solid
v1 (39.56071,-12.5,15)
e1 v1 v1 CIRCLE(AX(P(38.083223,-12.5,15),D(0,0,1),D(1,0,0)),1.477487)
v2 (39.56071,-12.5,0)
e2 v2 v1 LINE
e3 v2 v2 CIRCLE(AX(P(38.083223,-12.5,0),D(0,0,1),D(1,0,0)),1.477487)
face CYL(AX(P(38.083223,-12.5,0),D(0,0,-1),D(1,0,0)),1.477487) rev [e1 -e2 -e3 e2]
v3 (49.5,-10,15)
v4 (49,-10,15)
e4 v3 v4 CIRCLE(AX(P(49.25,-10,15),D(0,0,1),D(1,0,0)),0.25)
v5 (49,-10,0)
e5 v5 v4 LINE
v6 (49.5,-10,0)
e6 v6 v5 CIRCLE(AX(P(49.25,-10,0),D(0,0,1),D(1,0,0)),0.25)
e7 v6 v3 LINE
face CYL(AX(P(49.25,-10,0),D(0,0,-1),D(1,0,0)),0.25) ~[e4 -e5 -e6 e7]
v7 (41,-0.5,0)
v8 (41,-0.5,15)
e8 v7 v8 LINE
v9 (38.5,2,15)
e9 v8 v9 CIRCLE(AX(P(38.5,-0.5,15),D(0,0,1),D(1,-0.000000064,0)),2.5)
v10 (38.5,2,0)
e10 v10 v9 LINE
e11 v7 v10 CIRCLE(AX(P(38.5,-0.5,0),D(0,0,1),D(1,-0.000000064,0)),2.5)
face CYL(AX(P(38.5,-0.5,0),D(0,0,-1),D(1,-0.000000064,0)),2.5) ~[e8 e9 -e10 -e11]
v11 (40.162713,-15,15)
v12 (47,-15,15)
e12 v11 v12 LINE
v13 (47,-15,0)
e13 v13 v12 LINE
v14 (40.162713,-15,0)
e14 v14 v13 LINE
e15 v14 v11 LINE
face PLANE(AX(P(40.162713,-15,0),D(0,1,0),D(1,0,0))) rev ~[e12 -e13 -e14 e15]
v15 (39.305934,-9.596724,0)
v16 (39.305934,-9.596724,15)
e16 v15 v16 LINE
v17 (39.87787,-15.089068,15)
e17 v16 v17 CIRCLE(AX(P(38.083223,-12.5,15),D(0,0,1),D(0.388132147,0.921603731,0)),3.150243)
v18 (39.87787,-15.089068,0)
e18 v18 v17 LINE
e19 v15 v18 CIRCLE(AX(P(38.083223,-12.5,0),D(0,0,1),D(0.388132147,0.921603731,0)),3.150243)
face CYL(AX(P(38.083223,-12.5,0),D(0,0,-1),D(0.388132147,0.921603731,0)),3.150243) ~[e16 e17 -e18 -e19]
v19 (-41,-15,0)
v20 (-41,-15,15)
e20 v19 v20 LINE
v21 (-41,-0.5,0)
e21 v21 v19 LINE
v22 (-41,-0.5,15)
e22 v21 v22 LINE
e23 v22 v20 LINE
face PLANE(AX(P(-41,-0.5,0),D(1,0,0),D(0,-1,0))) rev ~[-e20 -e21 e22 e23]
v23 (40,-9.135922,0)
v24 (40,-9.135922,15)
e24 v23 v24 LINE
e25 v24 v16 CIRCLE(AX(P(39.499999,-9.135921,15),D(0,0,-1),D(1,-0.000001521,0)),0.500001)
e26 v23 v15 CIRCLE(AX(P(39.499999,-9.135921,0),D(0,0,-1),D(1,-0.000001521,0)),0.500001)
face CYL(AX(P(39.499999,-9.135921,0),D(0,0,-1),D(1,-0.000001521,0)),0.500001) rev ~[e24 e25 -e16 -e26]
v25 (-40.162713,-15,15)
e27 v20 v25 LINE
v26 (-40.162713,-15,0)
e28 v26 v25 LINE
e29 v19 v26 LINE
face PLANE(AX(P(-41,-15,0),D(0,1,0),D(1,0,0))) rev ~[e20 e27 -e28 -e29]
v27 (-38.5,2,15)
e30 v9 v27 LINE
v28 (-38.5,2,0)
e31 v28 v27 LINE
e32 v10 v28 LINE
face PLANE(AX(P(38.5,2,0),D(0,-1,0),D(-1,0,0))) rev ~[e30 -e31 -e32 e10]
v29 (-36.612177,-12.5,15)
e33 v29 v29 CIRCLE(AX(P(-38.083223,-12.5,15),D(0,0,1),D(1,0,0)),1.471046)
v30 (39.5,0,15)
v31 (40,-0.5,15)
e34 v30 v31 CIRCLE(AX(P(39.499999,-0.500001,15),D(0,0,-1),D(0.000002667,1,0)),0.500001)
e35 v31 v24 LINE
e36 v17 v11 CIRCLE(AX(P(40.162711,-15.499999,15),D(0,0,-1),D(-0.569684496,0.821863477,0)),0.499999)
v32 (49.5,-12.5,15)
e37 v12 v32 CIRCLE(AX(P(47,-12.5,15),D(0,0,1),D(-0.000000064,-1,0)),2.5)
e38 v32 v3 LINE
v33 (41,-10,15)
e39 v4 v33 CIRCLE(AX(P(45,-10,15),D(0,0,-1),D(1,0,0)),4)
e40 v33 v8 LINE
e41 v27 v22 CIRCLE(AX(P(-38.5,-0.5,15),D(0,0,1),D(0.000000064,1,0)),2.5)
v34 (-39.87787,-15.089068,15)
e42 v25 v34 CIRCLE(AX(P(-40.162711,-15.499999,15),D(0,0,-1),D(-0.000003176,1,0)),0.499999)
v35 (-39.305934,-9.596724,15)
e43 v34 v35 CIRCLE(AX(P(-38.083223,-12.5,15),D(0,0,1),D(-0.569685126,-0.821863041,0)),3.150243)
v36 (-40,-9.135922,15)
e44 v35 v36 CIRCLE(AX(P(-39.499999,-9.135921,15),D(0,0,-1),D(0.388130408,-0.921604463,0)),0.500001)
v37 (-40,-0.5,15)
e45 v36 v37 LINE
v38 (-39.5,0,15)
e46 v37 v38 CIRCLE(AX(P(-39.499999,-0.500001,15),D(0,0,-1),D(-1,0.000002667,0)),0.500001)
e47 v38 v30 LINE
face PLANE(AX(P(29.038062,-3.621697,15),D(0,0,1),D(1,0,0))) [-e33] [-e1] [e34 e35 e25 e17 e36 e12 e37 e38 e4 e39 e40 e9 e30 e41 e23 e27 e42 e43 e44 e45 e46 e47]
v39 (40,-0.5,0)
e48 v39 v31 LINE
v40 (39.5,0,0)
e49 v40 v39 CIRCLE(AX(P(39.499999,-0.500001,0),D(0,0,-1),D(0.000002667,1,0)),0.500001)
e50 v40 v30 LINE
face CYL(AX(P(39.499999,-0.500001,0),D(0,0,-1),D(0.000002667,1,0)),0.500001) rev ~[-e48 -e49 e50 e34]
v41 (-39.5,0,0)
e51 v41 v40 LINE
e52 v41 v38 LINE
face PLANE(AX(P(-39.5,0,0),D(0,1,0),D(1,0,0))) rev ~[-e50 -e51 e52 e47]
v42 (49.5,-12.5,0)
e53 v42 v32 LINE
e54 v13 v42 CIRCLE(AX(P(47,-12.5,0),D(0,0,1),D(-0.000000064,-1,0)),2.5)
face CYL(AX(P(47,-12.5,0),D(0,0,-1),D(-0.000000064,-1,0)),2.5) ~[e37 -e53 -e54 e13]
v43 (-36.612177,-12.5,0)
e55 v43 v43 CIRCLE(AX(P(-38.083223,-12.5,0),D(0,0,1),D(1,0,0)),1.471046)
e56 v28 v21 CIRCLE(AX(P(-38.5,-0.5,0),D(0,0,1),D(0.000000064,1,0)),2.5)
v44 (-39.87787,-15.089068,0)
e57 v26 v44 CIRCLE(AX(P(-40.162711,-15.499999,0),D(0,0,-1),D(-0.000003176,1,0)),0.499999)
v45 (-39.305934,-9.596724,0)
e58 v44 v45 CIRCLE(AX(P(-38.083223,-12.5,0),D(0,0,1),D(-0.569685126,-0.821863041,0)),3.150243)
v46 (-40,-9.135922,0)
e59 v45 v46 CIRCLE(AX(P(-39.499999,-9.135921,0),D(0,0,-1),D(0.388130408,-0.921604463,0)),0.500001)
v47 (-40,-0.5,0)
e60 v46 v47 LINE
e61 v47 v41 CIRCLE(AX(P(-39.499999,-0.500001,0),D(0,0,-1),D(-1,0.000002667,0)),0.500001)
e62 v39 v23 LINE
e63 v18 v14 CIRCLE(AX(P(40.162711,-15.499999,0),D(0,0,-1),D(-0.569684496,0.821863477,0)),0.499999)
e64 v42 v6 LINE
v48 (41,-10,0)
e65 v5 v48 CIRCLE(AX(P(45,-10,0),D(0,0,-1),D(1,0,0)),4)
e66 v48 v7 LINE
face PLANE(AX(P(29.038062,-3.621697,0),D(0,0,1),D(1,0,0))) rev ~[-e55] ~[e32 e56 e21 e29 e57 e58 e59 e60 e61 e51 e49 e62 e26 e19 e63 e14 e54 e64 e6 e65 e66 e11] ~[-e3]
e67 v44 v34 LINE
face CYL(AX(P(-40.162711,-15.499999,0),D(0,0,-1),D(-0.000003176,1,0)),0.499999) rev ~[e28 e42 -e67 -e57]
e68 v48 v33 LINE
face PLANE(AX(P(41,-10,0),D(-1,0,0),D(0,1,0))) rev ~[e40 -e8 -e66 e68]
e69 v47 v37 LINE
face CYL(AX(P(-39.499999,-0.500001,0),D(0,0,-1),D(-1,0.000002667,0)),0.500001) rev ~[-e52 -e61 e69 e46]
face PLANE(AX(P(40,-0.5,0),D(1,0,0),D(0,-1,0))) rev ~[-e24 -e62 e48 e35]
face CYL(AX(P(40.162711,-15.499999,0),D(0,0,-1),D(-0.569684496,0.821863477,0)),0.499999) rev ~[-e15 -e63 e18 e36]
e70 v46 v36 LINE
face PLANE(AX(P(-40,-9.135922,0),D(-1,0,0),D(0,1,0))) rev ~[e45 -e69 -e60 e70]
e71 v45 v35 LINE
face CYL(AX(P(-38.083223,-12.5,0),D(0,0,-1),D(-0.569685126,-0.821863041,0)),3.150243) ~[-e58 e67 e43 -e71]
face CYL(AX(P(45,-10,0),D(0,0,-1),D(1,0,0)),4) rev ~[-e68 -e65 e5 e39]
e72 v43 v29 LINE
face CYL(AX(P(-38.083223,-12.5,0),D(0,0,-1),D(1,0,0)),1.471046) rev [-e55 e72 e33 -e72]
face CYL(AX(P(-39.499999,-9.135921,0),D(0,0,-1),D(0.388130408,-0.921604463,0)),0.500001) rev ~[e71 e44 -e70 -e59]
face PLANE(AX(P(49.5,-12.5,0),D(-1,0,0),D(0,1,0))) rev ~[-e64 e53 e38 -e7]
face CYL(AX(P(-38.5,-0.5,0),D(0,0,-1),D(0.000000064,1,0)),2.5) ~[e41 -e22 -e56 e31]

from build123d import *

# Parameters (mm, degrees)
F0_R     = 1.477487
F0_R_2   = 1.471046
F1_DEPTH = 15


with BuildPart() as f1:
    # F0 (on Top) → F1 (new body)
    with BuildSketch(Plane.XY):
        with BuildLine():
            Line((0, 2), (0, 0))
            Line((0, 0), (39.5, 0))
            ThreePointArc((39.5, 0), (39.853553, -0.146447), (40, -0.5))
            Line((40, -0.5), (40, -9.135922))
            ThreePointArc((40, -9.135922), (39.776556, -9.552475), (39.305934, -9.596724))
            ThreePointArc((39.305934, -9.596724), (34.949923, -12.826281), (39.87787, -15.089068))
            ThreePointArc((39.87787, -15.089068), (40.013491, -15.022786), (40.162713, -15))
            Line((40.162713, -15), (45, -15))
            Line((45, -15), (47, -15))
            ThreePointArc((47, -15), (48.767767, -14.267767), (49.5, -12.5))
            Line((49.5, -12.5), (49.5, -10))
            ThreePointArc((49.5, -10), (49.25, -9.75), (49, -10))
            ThreePointArc((49, -10), (45, -14), (41, -10))
            Line((41, -10), (41, -2.565671))
            Line((41, -2.565671), (41, -0.5))
            ThreePointArc((41, -0.5), (40.267767, 1.267767), (38.5, 2))
            Line((38.5, 2), (0, 2))
        make_face()
        with Locations((38.083223, -12.5)):
            Circle(F0_R, mode=Mode.SUBTRACT)
        with BuildLine():
            Line((-39.5, 0), (0, 0))
            Line((0, 0), (0, 2))
            Line((0, 2), (-38.5, 2))
            ThreePointArc((-38.5, 2), (-40.267767, 1.267767), (-41, -0.5))
            Line((-41, -0.5), (-41, -15))
            Line((-41, -15), (-40.162713, -15))
            ThreePointArc((-40.162713, -15), (-40.013491, -15.022786), (-39.87787, -15.089068))
            ThreePointArc((-39.87787, -15.089068), (-34.949923, -12.826281), (-39.305934, -9.596724))
            ThreePointArc((-39.305934, -9.596724), (-39.776556, -9.552475), (-40, -9.135922))
            Line((-40, -9.135922), (-40, -0.5))
            ThreePointArc((-40, -0.5), (-39.853553, -0.146447), (-39.5, 0))
        make_face()
        with Locations((-38.083223, -12.5)):
            Circle(F0_R_2, mode=Mode.SUBTRACT)
    extrude(amount=F1_DEPTH)


solid = f1.part
